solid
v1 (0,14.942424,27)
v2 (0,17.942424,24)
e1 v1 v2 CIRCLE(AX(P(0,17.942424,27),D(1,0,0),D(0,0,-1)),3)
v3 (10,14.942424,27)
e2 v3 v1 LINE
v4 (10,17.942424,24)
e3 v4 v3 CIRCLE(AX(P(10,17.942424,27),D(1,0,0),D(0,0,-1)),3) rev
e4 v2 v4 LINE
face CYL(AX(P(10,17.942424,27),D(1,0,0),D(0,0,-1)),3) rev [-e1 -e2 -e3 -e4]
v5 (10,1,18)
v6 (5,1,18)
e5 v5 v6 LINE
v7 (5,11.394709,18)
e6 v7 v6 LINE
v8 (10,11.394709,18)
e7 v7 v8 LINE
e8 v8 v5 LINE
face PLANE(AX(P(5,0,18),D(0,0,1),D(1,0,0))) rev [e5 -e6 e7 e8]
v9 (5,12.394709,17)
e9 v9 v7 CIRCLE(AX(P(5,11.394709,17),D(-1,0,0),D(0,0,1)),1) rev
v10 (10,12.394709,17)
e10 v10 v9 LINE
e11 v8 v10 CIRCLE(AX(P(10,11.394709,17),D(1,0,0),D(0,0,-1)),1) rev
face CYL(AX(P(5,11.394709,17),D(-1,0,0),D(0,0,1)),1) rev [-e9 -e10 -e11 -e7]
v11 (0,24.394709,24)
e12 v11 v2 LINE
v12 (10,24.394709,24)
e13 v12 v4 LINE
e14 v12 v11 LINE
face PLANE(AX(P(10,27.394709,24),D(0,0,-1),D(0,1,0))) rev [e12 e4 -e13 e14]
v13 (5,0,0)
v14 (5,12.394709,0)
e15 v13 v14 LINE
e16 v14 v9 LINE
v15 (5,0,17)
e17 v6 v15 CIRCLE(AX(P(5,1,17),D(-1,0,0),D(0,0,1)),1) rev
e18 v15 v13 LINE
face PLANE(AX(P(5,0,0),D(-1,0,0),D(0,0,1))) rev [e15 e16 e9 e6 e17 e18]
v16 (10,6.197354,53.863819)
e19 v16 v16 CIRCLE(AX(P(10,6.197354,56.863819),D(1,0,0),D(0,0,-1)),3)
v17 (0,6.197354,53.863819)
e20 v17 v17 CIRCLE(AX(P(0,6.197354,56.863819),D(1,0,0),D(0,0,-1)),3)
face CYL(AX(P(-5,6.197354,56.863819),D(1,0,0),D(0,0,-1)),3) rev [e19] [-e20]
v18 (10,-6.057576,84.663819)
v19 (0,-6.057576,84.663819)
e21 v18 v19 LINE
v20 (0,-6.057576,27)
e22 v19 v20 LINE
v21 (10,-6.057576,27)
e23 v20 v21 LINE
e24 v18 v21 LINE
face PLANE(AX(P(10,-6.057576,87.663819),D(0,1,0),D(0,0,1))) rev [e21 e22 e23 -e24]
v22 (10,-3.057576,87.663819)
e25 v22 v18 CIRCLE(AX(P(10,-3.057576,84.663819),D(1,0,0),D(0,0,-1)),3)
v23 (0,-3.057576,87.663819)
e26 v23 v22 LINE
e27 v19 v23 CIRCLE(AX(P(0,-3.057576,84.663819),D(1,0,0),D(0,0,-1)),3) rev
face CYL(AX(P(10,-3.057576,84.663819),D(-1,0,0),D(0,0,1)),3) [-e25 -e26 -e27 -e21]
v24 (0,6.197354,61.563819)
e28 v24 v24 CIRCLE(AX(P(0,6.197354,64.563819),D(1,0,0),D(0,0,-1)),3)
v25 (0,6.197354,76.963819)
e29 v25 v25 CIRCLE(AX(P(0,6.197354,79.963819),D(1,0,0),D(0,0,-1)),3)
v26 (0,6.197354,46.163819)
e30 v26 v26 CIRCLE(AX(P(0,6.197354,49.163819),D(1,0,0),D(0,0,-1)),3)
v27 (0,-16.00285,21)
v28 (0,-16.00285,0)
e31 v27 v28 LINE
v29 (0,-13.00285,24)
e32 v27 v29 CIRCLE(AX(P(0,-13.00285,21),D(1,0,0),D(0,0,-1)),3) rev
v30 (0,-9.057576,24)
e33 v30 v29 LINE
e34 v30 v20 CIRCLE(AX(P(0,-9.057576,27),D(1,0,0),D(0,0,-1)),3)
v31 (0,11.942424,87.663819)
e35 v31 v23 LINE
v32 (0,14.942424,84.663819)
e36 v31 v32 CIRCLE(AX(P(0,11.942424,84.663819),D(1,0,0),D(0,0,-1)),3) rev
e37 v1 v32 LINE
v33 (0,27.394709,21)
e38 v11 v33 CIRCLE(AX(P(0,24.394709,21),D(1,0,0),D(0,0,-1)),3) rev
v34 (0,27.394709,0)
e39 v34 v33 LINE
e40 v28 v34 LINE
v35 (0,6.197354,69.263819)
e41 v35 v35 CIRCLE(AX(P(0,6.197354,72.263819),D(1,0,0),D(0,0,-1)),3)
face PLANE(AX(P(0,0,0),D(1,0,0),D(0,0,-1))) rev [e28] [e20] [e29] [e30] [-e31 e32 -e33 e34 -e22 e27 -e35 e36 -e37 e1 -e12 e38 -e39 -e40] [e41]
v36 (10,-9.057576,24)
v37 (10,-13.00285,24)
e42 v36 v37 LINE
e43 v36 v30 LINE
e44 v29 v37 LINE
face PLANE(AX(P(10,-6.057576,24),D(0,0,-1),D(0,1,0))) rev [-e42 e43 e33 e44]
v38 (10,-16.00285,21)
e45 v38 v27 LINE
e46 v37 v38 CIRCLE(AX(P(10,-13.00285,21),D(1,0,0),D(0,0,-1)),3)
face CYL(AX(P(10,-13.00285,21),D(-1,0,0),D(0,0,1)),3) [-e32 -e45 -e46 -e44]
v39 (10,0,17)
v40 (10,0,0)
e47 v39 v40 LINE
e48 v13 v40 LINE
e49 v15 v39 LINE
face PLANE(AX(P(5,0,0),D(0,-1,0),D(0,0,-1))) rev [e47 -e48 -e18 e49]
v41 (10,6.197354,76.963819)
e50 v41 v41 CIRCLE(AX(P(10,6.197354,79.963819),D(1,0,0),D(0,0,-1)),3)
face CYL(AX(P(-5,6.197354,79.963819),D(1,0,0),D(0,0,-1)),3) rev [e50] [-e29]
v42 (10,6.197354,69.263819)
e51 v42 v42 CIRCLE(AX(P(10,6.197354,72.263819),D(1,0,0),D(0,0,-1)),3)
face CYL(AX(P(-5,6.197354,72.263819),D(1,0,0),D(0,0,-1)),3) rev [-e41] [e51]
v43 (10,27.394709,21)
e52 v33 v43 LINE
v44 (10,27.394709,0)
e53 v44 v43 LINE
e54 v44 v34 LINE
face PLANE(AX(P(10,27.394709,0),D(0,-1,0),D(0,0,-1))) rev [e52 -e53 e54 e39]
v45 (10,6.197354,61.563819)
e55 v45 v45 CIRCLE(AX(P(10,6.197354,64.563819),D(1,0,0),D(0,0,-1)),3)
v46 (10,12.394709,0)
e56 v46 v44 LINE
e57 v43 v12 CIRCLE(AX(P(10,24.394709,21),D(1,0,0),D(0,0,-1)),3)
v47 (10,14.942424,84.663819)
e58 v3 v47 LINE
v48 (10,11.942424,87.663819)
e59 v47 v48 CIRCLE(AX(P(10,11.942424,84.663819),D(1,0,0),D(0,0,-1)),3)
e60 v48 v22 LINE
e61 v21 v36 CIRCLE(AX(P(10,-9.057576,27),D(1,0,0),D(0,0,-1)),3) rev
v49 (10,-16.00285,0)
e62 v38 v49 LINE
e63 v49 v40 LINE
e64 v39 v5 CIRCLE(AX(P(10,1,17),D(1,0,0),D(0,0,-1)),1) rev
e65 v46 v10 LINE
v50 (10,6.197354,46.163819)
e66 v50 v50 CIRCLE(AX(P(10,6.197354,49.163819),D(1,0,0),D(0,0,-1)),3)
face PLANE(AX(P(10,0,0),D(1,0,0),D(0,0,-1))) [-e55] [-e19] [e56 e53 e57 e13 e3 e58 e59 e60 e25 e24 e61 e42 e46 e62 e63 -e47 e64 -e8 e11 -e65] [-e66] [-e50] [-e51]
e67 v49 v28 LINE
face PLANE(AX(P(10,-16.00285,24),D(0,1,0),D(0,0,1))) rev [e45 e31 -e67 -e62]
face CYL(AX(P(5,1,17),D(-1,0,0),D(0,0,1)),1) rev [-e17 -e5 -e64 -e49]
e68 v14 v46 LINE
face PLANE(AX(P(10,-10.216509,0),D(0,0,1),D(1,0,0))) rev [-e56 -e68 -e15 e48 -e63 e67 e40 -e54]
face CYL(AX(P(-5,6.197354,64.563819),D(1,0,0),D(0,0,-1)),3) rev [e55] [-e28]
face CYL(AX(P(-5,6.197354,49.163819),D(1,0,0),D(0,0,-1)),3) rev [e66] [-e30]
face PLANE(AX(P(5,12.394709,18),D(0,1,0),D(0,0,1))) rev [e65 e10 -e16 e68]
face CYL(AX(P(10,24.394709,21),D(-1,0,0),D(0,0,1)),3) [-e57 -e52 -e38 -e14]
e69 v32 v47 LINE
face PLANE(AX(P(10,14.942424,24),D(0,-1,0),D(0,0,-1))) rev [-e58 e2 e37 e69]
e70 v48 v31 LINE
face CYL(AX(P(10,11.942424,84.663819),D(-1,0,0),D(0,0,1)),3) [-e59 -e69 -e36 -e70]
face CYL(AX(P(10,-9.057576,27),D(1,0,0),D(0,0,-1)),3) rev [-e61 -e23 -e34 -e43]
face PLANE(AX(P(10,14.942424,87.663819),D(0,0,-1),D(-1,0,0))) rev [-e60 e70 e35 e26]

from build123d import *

# Parameters (mm, degrees)
SALIENTE_EXTRUIR1_DEPTH = 10
CROQUIS2_W              = 18
CROQUIS2_H              = 12.394708995
CORTAR_EXTRUIR1_DEPTH   = 5
REDONDEO1_R             = 3
REDONDEO2_R             = 3
REDONDEO3_R             = 1
CROQUIS3_R              = 3
CORTAR_EXTRUIR2_DEPTH   = 15


with BuildPart() as part:
    # Croquis1 → Saliente-Extruir1 (new body)
    with BuildSketch(Plane(origin=(0, 0, 0), x_dir=(0, 0, -1), z_dir=(1, 0, 0))):
        Polygon((0, -10.216508635), (0, 27.394708995), (-24, 27.394708995), (-24, 14.942424084), (-87.663818946, 14.942424084), (-87.663818946, -6.057575916), (-24, -6.057575916), (-24, -16.002849809), (0, -16.002849809), align=None)
    extrude(amount=SALIENTE_EXTRUIR1_DEPTH)

    # Croquis2 → Cortar-Extruir1 (cut)
    with BuildSketch(Plane(origin=(10, 0, 0), x_dir=(0, 0, -1), z_dir=(1, 0, 0))):
        with Locations((-9, 6.197354498)):
            Rectangle(CROQUIS2_W, CROQUIS2_H)
    extrude(amount=-CORTAR_EXTRUIR1_DEPTH, mode=Mode.SUBTRACT)

    # Redondeo1
    redondeo1_edges = [part.edges().sort_by_distance(p)[0] for p in [
        (5, -6.057575916, 24),
        (5, 14.942424084, 24),
    ]]
    fillet(redondeo1_edges, radius=REDONDEO1_R)

    # Redondeo2
    redondeo2_edges = [part.edges().sort_by_distance(p)[0] for p in [
        (5, -16.002849809, 24),
        (5, -6.057575916, 87.663818946),
        (5, 14.942424084, 87.663818946),
        (5, 27.394708995, 24),
    ]]
    fillet(redondeo2_edges, radius=REDONDEO2_R)

    # Redondeo3
    redondeo3_edges = [part.edges().sort_by_distance(p)[0] for p in [
        (7.5, 0, 18),
        (7.5, 12.394708995, 18),
    ]]
    fillet(redondeo3_edges, radius=REDONDEO3_R)

    # Croquis3 → Cortar-Extruir2 (cut)
    with BuildSketch(Plane(origin=(10, 0, 0), x_dir=(0, 0, -1), z_dir=(1, 0, 0))):
        with Locations((-79.963818946, 6.197354497)):
            Circle(CROQUIS3_R)
        with Locations((-72.263818946, 6.197354497)):
            Circle(CROQUIS3_R)
        with Locations((-64.563818946, 6.197354497)):
            Circle(CROQUIS3_R)
        with Locations((-56.863818946, 6.197354497)):
            Circle(CROQUIS3_R)
        with Locations((-49.163818946, 6.197354497)):
            Circle(CROQUIS3_R)
    extrude(amount=-CORTAR_EXTRUIR2_DEPTH, mode=Mode.SUBTRACT)


solid = part.part
